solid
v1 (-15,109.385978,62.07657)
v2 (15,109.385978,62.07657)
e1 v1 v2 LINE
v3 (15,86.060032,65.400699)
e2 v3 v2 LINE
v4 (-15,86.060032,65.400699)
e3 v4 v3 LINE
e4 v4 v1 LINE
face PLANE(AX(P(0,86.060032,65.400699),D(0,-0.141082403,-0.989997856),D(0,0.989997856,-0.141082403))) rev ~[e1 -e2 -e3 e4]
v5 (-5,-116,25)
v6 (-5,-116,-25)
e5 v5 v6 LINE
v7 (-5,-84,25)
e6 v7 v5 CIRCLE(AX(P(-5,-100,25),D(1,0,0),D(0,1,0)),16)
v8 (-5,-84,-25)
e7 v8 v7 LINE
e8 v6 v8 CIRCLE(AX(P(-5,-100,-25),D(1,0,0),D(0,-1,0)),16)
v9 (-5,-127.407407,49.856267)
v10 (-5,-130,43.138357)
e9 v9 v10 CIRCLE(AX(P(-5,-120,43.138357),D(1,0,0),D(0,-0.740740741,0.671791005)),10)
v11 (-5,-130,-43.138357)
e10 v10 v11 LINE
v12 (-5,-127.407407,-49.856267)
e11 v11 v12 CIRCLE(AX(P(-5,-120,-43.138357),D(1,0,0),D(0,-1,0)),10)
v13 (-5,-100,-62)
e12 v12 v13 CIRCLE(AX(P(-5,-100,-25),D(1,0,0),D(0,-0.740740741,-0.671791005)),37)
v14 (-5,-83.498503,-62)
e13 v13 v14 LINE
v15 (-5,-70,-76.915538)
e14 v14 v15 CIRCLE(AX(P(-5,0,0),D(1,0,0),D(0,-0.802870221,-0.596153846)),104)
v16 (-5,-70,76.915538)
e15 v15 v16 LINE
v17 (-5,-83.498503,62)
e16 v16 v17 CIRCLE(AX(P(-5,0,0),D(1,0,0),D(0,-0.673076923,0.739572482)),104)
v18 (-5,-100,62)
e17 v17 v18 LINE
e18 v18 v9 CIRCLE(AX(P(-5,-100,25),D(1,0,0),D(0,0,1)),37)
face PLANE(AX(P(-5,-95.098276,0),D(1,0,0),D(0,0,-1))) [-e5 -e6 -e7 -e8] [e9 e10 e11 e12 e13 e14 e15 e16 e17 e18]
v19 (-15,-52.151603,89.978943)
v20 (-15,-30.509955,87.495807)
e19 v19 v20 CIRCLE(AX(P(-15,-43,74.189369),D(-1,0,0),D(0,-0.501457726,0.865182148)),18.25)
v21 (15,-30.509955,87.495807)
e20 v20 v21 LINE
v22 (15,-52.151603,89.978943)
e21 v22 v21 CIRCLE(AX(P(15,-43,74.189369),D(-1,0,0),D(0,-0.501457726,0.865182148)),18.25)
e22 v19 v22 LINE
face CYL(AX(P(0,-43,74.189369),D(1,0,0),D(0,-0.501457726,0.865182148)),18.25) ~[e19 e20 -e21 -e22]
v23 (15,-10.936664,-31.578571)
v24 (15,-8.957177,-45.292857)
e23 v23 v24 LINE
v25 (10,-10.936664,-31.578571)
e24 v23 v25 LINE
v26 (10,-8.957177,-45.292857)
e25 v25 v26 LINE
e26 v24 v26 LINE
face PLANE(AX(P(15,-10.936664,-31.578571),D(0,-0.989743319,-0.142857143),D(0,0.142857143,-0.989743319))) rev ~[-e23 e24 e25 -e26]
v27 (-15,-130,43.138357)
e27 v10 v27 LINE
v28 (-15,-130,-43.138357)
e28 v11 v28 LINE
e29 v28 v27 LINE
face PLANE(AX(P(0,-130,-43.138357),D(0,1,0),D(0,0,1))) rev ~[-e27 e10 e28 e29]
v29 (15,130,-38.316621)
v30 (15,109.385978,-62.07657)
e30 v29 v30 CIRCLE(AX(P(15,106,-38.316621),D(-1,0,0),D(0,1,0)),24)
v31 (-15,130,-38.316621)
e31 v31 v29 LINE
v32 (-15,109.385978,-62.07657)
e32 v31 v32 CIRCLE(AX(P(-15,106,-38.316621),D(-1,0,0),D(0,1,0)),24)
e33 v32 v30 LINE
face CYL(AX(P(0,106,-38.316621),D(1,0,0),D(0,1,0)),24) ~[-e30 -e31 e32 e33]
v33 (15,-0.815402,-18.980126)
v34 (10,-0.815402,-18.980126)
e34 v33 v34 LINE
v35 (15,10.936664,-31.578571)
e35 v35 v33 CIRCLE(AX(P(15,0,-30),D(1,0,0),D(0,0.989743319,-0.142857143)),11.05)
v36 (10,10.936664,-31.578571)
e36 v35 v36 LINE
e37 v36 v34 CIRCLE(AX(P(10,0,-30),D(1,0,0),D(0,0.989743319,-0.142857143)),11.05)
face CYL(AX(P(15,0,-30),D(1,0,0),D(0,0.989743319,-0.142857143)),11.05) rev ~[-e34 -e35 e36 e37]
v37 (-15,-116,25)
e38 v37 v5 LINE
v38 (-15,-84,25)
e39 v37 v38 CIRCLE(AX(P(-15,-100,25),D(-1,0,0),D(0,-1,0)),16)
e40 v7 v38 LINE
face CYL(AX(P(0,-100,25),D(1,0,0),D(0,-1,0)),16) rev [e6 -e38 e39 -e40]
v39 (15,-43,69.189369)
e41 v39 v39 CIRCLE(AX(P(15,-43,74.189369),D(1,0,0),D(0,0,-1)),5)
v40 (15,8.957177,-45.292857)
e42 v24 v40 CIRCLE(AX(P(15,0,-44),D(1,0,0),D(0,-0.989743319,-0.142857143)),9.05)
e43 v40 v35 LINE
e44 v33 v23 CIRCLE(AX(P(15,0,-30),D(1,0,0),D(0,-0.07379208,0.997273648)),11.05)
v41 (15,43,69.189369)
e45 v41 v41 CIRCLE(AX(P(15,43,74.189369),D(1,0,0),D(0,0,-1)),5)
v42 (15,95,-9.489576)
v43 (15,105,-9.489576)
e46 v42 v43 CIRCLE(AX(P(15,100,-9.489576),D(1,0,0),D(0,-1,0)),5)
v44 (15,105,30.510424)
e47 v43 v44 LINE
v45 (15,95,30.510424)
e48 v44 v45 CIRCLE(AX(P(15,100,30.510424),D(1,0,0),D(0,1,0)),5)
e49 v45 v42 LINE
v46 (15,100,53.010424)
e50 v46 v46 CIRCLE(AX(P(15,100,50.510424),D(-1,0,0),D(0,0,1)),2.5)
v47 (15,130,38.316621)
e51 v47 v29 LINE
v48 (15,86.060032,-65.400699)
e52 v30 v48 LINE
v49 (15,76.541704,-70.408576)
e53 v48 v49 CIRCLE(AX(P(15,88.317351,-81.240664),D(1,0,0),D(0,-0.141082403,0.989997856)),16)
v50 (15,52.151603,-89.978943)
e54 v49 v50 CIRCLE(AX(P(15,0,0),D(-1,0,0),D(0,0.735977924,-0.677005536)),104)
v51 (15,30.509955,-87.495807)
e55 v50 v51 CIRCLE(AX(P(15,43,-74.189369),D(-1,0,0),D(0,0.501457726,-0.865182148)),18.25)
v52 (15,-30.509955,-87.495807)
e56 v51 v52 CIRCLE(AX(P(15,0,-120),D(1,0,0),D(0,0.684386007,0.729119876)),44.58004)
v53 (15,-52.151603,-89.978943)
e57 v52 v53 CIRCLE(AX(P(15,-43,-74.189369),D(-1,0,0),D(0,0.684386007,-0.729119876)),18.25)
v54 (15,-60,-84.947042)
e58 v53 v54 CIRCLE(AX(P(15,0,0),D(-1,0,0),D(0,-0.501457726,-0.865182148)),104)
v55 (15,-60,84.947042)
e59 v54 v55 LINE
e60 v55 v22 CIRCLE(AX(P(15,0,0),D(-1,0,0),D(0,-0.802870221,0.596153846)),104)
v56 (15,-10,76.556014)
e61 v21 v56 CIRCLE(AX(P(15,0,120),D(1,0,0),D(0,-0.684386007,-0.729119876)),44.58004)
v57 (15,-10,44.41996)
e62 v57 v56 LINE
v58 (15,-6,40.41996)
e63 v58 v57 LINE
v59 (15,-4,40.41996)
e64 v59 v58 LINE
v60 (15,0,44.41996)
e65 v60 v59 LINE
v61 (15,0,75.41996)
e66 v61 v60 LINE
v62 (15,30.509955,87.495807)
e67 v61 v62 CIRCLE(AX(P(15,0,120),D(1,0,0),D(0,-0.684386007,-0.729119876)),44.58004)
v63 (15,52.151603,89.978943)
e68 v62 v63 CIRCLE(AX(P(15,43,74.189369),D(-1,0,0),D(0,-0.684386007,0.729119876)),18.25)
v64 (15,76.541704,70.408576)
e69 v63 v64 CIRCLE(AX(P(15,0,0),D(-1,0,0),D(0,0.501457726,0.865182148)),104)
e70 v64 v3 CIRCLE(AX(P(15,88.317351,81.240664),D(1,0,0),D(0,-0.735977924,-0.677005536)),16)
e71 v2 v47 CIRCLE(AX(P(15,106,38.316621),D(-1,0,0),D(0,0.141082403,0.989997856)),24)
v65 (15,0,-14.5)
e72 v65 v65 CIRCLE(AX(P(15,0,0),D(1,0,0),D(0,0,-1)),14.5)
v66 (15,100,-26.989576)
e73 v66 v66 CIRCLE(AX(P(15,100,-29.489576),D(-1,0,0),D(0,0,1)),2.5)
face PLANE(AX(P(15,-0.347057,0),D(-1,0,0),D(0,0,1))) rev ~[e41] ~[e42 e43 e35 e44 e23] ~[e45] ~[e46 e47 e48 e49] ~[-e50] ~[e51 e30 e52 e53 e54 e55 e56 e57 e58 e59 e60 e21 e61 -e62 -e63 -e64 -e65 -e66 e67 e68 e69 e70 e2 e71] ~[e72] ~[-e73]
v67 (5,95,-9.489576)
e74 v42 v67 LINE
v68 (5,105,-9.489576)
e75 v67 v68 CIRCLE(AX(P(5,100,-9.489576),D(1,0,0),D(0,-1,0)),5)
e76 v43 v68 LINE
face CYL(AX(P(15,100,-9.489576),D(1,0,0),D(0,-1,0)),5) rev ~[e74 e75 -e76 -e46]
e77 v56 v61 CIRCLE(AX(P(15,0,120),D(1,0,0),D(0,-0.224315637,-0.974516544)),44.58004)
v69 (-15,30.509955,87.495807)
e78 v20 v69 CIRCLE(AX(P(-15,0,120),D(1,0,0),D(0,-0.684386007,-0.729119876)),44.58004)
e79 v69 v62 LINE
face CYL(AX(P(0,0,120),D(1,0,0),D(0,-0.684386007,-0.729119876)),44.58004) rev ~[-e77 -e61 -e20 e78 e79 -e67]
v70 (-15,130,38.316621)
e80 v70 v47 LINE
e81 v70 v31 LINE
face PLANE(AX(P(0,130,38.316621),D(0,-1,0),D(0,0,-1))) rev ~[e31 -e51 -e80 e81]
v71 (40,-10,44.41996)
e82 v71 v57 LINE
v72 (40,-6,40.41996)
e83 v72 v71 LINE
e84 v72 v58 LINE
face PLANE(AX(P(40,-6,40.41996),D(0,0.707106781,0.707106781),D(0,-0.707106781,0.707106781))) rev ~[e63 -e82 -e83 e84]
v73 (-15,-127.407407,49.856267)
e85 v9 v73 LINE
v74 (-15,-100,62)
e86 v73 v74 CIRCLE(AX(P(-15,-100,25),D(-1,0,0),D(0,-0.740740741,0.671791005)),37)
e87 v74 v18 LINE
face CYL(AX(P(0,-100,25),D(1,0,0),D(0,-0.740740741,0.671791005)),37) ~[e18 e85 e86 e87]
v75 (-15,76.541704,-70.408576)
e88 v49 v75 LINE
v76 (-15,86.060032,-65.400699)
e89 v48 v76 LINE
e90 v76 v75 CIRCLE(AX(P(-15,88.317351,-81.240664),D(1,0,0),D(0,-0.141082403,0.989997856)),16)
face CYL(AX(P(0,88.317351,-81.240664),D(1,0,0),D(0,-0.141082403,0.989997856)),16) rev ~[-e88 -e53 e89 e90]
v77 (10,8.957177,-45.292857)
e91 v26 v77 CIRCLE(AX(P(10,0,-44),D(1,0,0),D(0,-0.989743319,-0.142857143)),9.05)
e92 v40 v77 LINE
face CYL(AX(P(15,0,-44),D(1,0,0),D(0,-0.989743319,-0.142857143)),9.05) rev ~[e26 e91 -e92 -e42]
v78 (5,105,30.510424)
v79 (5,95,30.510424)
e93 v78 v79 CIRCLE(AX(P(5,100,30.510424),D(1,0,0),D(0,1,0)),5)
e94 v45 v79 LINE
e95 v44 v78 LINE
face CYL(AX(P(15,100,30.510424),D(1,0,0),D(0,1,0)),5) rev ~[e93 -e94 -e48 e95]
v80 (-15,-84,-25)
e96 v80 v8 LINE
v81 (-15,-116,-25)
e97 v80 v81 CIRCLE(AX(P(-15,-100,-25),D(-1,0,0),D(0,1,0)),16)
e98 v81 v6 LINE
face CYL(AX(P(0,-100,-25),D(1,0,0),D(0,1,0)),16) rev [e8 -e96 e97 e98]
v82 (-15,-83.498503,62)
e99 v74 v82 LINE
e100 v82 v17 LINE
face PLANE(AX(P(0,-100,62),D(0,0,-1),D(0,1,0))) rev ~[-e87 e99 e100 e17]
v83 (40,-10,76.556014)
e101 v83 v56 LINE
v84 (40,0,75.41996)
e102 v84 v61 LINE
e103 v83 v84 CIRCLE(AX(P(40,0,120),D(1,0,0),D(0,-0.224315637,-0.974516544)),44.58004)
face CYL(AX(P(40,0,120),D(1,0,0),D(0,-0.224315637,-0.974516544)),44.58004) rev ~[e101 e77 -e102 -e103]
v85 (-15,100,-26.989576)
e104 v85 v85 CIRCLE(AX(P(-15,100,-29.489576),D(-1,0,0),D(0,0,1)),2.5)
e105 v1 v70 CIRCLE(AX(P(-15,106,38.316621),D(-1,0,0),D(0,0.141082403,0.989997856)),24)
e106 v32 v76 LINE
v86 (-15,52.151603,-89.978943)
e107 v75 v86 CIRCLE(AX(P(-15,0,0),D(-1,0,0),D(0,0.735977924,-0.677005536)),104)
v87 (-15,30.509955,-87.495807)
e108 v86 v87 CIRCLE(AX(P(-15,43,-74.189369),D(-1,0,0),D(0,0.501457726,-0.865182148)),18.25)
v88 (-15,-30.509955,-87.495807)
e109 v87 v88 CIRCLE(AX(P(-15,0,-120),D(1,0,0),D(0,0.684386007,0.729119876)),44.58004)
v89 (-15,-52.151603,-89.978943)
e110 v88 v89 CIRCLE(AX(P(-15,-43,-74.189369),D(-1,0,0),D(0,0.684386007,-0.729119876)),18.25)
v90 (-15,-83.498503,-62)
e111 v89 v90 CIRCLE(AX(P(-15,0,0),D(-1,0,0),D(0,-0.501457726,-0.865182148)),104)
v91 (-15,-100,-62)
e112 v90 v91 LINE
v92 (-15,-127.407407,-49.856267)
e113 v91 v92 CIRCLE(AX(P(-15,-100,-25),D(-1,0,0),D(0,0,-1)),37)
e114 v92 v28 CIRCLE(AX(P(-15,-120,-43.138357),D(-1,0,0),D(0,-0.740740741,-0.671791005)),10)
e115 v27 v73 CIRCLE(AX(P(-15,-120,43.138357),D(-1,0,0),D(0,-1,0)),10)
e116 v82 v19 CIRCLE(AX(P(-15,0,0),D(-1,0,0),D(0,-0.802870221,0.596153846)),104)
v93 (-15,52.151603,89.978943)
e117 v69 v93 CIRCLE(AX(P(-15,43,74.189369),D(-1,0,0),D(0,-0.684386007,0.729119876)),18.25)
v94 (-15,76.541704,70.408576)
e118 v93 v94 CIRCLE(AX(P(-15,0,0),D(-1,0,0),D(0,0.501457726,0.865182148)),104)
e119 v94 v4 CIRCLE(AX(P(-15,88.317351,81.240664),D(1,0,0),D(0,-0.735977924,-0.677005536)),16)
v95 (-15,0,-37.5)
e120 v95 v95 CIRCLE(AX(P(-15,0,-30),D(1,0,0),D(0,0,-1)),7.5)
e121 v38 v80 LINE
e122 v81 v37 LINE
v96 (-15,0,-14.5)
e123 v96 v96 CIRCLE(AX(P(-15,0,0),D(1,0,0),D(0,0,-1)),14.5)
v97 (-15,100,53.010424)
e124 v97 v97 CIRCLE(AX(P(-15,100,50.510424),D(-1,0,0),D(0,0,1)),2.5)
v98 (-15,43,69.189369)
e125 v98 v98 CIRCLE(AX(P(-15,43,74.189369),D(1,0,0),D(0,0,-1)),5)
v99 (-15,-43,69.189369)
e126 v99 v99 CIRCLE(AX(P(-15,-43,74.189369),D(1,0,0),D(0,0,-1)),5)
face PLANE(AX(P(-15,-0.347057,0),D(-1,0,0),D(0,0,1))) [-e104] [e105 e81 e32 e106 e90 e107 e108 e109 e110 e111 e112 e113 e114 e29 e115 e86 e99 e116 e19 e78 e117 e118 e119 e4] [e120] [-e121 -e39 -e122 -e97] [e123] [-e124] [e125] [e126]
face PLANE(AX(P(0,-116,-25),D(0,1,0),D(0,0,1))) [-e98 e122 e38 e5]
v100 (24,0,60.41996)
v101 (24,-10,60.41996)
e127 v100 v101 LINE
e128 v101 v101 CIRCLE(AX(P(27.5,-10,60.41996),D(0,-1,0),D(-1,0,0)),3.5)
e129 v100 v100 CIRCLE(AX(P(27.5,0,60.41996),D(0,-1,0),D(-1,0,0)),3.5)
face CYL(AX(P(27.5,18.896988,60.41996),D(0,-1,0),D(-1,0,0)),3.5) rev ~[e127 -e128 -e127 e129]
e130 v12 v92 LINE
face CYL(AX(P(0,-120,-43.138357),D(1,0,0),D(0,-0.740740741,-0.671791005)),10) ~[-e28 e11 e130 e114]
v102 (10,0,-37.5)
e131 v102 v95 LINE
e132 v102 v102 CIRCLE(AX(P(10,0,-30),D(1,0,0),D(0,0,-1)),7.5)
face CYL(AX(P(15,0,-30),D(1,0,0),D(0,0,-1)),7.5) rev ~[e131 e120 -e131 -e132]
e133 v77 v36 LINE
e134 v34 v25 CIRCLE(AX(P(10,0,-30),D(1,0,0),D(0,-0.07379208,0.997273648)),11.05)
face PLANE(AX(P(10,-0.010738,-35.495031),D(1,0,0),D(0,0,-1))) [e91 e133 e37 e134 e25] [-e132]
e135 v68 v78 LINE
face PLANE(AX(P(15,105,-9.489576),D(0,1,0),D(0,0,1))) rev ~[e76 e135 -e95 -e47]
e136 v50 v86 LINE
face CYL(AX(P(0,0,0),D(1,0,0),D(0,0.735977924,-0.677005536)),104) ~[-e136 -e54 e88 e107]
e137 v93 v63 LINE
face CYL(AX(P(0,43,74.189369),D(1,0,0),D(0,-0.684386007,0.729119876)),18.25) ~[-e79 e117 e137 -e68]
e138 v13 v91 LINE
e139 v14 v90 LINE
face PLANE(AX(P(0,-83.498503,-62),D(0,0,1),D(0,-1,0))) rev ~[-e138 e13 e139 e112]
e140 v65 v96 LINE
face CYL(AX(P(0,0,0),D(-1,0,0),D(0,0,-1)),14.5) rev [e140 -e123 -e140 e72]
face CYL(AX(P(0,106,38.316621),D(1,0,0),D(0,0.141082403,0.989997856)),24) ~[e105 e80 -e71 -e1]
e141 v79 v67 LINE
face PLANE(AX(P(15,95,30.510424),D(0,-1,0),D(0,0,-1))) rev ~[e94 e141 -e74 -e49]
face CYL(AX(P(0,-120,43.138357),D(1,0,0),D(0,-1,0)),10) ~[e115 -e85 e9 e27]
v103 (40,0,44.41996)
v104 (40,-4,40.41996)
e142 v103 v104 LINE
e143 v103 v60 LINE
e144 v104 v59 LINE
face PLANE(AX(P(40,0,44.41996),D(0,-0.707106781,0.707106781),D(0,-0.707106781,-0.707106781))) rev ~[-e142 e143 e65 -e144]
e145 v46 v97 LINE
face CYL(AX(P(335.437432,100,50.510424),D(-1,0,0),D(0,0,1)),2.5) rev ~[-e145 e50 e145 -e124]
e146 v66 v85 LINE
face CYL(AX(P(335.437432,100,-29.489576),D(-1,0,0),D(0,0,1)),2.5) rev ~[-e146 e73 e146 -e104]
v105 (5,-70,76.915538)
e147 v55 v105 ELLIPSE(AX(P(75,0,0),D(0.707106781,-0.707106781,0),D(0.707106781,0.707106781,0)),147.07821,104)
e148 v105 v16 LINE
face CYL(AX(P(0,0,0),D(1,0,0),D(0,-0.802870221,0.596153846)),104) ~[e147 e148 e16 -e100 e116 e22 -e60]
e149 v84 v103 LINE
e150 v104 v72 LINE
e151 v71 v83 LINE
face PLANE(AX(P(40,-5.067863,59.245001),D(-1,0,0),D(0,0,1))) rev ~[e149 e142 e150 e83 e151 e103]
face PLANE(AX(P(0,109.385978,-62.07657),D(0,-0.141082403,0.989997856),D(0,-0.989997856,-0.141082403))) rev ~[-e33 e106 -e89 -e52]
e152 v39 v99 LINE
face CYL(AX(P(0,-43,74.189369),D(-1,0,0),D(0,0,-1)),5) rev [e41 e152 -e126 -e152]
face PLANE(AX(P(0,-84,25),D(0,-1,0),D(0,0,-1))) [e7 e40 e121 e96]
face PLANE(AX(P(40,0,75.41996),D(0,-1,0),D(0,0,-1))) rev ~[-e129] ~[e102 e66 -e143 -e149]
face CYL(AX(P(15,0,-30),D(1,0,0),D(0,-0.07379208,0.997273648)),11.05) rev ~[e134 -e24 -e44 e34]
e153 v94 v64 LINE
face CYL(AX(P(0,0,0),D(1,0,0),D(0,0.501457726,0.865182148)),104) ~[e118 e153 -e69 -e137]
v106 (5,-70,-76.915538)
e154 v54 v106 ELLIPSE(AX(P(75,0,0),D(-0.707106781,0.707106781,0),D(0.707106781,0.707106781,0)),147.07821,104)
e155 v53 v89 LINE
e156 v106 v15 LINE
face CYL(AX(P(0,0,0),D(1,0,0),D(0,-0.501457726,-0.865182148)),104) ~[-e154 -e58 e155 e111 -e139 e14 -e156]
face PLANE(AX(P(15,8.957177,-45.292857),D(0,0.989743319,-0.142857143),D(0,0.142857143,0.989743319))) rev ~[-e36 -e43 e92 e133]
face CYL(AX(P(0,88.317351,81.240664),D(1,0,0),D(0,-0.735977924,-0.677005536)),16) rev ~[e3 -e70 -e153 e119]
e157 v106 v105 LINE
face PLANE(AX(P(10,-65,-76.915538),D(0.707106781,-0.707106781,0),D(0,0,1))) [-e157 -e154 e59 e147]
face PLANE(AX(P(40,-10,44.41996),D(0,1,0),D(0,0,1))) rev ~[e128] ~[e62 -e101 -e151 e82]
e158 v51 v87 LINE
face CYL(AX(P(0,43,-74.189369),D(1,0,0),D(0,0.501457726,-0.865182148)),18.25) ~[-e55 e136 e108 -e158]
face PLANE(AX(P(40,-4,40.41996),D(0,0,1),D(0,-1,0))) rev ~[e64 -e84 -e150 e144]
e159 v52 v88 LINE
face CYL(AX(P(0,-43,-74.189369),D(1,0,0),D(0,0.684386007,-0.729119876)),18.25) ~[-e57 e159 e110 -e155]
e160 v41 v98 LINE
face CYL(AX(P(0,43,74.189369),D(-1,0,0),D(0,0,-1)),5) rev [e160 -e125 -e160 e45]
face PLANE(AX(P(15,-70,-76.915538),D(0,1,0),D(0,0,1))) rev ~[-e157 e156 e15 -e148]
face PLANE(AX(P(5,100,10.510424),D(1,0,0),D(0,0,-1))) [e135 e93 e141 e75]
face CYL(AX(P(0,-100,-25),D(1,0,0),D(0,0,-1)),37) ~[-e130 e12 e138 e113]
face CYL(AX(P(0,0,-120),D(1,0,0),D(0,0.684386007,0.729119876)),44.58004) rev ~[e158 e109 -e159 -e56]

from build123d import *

# Parameters (mm, degrees)
SZKIC1_R                       = 14.5
SZKIC1_R_2                     = 5
DODANIE_WYCI_GNI_CIE1_DEPTH    = 15
M6_TAPPED_HOLE1_D              = 5
DODANIE_WYCI_GNI_CIE3_START    = -25
DODANIE_WYCI_GNI_CIE3_DEPTH    = 25
OTW_R_GWINTOWANY_M8X1_01_D     = 7
OTW_R_GWINTOWANY_M8X1_01_DEPTH = 18.896987833
OTW_R_GWINTOWANY_M8X1_01_TIP   = 2.103012167
WYTNIJ_WYCI_GNI_CIE2_DEPTH     = 10
WYTNIJ_WYCI_GNI_CIE4_DEPTH     = 20
SFAZOWANIE4_SIZE               = 10
WYTNIJ_WYCI_GNI_CIE5_DEPTH     = 5
SZKIC17_5_R                    = 7.5
WYTNIJ_WYCI_GNI_CIE6_DEPTH     = 163.311542951


with BuildPart() as part:
    # Szkic1 → Dodanie-wyciągnięcie1 (new, symmetric)
    with BuildSketch(Plane(origin=(0, 0, 0), x_dir=(0, 0, -1), z_dir=(1, 0, 0))):
        with BuildLine():
            Line((62.076569761, 109.385977671), (65.40069858, 86.060032436))
            ThreePointArc((65.40069858, 86.060032436), (67.080888035, 80.867469231), (70.408575711, 76.541704099))
            ThreePointArc((70.408575711, 76.541704099), (81.115709466, 65.086416999), (89.978943384, 52.151603499))
            ThreePointArc((89.978943384, 52.151603499), (92.32041193, 40.919666146), (87.495806927, 30.50995538))
            ThreePointArc((87.495806927, 30.50995538), (75.419960244, 0), (87.495806927, -30.50995538))
            ThreePointArc((87.495806927, -30.50995538), (92.32041193, -40.919666146), (89.978943384, -52.151603499))
            ThreePointArc((89.978943384, -52.151603499), (77.589025222, -69.25274843), (62, -83.498502981))
            Line((62, -83.498502981), (62, -100))
            ThreePointArc((62, -100), (58.828108774, -114.988630917), (49.856267202, -127.407407407))
            ThreePointArc((49.856267202, -127.407407407), (46.738768646, -129.329364235), (43.138357147, -130))
            Line((43.138357147, -130), (25, -130))
            Line((25, -130), (-25, -130))
            Line((-25, -130), (-43.138357147, -130))
            ThreePointArc((-43.138357147, -130), (-46.738768646, -129.329364235), (-49.856267202, -127.407407407))
            ThreePointArc((-49.856267202, -127.407407407), (-58.828108774, -114.988630917), (-62, -100))
            Line((-62, -100), (-62, -83.498502981))
            ThreePointArc((-62, -83.498502981), (-77.589025222, -69.25274843), (-89.978943384, -52.151603499))
            ThreePointArc((-89.978943384, -52.151603499), (-92.32041193, -40.919666146), (-87.495806927, -30.50995538))
            ThreePointArc((-87.495806927, -30.50995538), (-75.419960244, 0), (-87.495806927, 30.50995538))
            ThreePointArc((-87.495806927, 30.50995538), (-92.32041193, 40.919666146), (-89.978943384, 52.151603499))
            ThreePointArc((-89.978943384, 52.151603499), (-81.115709466, 65.086416999), (-70.408575711, 76.541704099))
            ThreePointArc((-70.408575711, 76.541704099), (-67.080888035, 80.867469231), (-65.40069858, 86.060032436))
            Line((-65.40069858, 86.060032436), (-62.076569761, 109.385977671))
            ThreePointArc((-62.076569761, 109.385977671), (-54.044566654, 124.12820267), (-38.316621209, 130))
            Line((-38.316621209, 130), (38.316621209, 130))
            ThreePointArc((38.316621209, 130), (54.044566654, 124.12820267), (62.076569761, 109.385977671))
        make_face()
        Circle(SZKIC1_R, mode=Mode.SUBTRACT)
        with Locations((-74.189369185, 43)):
            Circle(SZKIC1_R_2, mode=Mode.SUBTRACT)
        with Locations((-74.189369185, -43)):
            Circle(SZKIC1_R_2, mode=Mode.SUBTRACT)
        with BuildLine():
            Line((-25, -84), (25, -84))
            ThreePointArc((25, -84), (41, -100), (25, -116))
            Line((25, -116), (-25, -116))
            ThreePointArc((-25, -116), (-41, -100), (-25, -84))
        make_face(mode=Mode.SUBTRACT)
    extrude(amount=DODANIE_WYCI_GNI_CIE1_DEPTH, both=True)

    # M6 Tapped Hole1 (through all)
    with Locations(Plane(origin=(15, 0, 0), x_dir=(0, 0, -1), z_dir=(1, 0, 0))):
        with Locations((-50.510423527, 100), (29.489576473, 100)):
            Hole(M6_TAPPED_HOLE1_D / 2)

    # Szkic5 → Dodanie-wyciągnięcie3 (add)
    with BuildSketch(Plane.ZY.offset(-15).offset(DODANIE_WYCI_GNI_CIE3_START)):
        with BuildLine():
            Line((75.419960244, 0), (44.419960244, 0))
            Line((44.419960244, 0), (40.419960244, -4))
            Line((40.419960244, -4), (40.419960244, -6))
            Line((40.419960244, -6), (44.419960244, -10))
            Line((44.419960244, -10), (76.556013712, -10))
            ThreePointArc((76.556013712, -10), (75.704884126, -5.032161998), (75.419960244, 0))
        make_face()
    extrude(amount=DODANIE_WYCI_GNI_CIE3_DEPTH)

    # Otwór gwintowany M8x1.01
    with Locations(Plane(origin=(0, 0, 0), x_dir=(1, 0, 0), z_dir=(0, 1, 0))):
        with Locations((27.5, -60.419960244)):
            Hole(OTW_R_GWINTOWANY_M8X1_01_D / 2, depth=OTW_R_GWINTOWANY_M8X1_01_DEPTH)
            with Locations((0, 0, -(OTW_R_GWINTOWANY_M8X1_01_DEPTH + OTW_R_GWINTOWANY_M8X1_01_TIP / 2))):  # 118° drill point
                Cone(0, OTW_R_GWINTOWANY_M8X1_01_D / 2, OTW_R_GWINTOWANY_M8X1_01_TIP, mode=Mode.SUBTRACT)

    # Szkic12 → Wytnij-wyciągnięcie2 (cut)
    with BuildSketch(Plane(origin=(15, 0, 0), x_dir=(0, 0, -1), z_dir=(1, 0, 0))):
        with BuildLine():
            Line((9.489576473, 105), (-30.510423527, 105))
            ThreePointArc((-30.510423527, 105), (-35.510423527, 100), (-30.510423527, 95))
            Line((-30.510423527, 95), (9.489576473, 95))
            ThreePointArc((9.489576473, 95), (14.489576473, 100), (9.489576473, 105))
        make_face()
    extrude(amount=-WYTNIJ_WYCI_GNI_CIE2_DEPTH, mode=Mode.SUBTRACT)

    # Szkic16 → Wytnij-wyciągnięcie4 (cut)
    with BuildSketch(Plane(origin=(15, 0, 0), x_dir=(0, 0, -1), z_dir=(1, 0, 0))):
        with BuildLine():
            Line((-43.138357147, -130), (43.138357147, -130))
            ThreePointArc((43.138357147, -130), (46.738768646, -129.329364235), (49.856267202, -127.407407407))
            ThreePointArc((49.856267202, -127.407407407), (58.828108774, -114.988630917), (62, -100))
            Line((62, -100), (62, -83.498502981))
            ThreePointArc((62, -83.498502981), (69.784912958, -77.110738056), (76.915538092, -70))
            Line((76.915538092, -70), (-76.915538092, -70))
            ThreePointArc((-76.915538092, -70), (-69.784912958, -77.110738056), (-62, -83.498502981))
            Line((-62, -83.498502981), (-62, -100))
            ThreePointArc((-62, -100), (-58.828108774, -114.988630917), (-49.856267202, -127.407407407))
            ThreePointArc((-49.856267202, -127.407407407), (-46.738768646, -129.329364235), (-43.138357147, -130))
        make_face()
        with BuildLine():
            Line((-25, -116), (25, -116))
            ThreePointArc((25, -116), (41, -100), (25, -84))
            Line((25, -84), (-25, -84))
            ThreePointArc((-25, -84), (-41, -100), (-25, -116))
        make_face(mode=Mode.SUBTRACT)
    extrude(amount=-WYTNIJ_WYCI_GNI_CIE4_DEPTH, mode=Mode.SUBTRACT)

    # Sfazowanie4
    sfazowanie4_edges = [part.edges().sort_by_distance(p)[0] for p in [
        (15, -70, 0),
    ]]
    chamfer(sfazowanie4_edges, length=SFAZOWANIE4_SIZE)

    # Szkic17 → Wytnij-wyciągnięcie5 (cut)
    with BuildSketch(Plane(origin=(15, 0, 0), x_dir=(0, 0, -1), z_dir=(1, 0, 0))):
        with BuildLine():
            Line((31.578571429, -10.936663671), (45.292857143, -8.957177034))
            ThreePointArc((45.292857143, -8.957177034), (53.05, 0), (45.292857142, 8.957177033))
            Line((45.292857142, 8.957177033), (31.578571428, 10.93666367))
            ThreePointArc((31.578571428, 10.93666367), (22.462605729, 8.080234378), (18.98012619, -0.815402484))
            ThreePointArc((18.98012619, -0.815402484), (23.079412621, -8.614404816), (31.578571429, -10.936663671))
        make_face()
    extrude(amount=-WYTNIJ_WYCI_GNI_CIE5_DEPTH, mode=Mode.SUBTRACT)

    # Szkic17<5> → Wytnij-wyciągnięcie6 (cut, through all)
    with BuildSketch(Plane(origin=(15, 0, 0), x_dir=(0, 0, -1), z_dir=(1, 0, 0))):
        with Locations((30, -1e-09)):
            Circle(SZKIC17_5_R)
    extrude(amount=-WYTNIJ_WYCI_GNI_CIE6_DEPTH, mode=Mode.SUBTRACT)


solid = part.part
